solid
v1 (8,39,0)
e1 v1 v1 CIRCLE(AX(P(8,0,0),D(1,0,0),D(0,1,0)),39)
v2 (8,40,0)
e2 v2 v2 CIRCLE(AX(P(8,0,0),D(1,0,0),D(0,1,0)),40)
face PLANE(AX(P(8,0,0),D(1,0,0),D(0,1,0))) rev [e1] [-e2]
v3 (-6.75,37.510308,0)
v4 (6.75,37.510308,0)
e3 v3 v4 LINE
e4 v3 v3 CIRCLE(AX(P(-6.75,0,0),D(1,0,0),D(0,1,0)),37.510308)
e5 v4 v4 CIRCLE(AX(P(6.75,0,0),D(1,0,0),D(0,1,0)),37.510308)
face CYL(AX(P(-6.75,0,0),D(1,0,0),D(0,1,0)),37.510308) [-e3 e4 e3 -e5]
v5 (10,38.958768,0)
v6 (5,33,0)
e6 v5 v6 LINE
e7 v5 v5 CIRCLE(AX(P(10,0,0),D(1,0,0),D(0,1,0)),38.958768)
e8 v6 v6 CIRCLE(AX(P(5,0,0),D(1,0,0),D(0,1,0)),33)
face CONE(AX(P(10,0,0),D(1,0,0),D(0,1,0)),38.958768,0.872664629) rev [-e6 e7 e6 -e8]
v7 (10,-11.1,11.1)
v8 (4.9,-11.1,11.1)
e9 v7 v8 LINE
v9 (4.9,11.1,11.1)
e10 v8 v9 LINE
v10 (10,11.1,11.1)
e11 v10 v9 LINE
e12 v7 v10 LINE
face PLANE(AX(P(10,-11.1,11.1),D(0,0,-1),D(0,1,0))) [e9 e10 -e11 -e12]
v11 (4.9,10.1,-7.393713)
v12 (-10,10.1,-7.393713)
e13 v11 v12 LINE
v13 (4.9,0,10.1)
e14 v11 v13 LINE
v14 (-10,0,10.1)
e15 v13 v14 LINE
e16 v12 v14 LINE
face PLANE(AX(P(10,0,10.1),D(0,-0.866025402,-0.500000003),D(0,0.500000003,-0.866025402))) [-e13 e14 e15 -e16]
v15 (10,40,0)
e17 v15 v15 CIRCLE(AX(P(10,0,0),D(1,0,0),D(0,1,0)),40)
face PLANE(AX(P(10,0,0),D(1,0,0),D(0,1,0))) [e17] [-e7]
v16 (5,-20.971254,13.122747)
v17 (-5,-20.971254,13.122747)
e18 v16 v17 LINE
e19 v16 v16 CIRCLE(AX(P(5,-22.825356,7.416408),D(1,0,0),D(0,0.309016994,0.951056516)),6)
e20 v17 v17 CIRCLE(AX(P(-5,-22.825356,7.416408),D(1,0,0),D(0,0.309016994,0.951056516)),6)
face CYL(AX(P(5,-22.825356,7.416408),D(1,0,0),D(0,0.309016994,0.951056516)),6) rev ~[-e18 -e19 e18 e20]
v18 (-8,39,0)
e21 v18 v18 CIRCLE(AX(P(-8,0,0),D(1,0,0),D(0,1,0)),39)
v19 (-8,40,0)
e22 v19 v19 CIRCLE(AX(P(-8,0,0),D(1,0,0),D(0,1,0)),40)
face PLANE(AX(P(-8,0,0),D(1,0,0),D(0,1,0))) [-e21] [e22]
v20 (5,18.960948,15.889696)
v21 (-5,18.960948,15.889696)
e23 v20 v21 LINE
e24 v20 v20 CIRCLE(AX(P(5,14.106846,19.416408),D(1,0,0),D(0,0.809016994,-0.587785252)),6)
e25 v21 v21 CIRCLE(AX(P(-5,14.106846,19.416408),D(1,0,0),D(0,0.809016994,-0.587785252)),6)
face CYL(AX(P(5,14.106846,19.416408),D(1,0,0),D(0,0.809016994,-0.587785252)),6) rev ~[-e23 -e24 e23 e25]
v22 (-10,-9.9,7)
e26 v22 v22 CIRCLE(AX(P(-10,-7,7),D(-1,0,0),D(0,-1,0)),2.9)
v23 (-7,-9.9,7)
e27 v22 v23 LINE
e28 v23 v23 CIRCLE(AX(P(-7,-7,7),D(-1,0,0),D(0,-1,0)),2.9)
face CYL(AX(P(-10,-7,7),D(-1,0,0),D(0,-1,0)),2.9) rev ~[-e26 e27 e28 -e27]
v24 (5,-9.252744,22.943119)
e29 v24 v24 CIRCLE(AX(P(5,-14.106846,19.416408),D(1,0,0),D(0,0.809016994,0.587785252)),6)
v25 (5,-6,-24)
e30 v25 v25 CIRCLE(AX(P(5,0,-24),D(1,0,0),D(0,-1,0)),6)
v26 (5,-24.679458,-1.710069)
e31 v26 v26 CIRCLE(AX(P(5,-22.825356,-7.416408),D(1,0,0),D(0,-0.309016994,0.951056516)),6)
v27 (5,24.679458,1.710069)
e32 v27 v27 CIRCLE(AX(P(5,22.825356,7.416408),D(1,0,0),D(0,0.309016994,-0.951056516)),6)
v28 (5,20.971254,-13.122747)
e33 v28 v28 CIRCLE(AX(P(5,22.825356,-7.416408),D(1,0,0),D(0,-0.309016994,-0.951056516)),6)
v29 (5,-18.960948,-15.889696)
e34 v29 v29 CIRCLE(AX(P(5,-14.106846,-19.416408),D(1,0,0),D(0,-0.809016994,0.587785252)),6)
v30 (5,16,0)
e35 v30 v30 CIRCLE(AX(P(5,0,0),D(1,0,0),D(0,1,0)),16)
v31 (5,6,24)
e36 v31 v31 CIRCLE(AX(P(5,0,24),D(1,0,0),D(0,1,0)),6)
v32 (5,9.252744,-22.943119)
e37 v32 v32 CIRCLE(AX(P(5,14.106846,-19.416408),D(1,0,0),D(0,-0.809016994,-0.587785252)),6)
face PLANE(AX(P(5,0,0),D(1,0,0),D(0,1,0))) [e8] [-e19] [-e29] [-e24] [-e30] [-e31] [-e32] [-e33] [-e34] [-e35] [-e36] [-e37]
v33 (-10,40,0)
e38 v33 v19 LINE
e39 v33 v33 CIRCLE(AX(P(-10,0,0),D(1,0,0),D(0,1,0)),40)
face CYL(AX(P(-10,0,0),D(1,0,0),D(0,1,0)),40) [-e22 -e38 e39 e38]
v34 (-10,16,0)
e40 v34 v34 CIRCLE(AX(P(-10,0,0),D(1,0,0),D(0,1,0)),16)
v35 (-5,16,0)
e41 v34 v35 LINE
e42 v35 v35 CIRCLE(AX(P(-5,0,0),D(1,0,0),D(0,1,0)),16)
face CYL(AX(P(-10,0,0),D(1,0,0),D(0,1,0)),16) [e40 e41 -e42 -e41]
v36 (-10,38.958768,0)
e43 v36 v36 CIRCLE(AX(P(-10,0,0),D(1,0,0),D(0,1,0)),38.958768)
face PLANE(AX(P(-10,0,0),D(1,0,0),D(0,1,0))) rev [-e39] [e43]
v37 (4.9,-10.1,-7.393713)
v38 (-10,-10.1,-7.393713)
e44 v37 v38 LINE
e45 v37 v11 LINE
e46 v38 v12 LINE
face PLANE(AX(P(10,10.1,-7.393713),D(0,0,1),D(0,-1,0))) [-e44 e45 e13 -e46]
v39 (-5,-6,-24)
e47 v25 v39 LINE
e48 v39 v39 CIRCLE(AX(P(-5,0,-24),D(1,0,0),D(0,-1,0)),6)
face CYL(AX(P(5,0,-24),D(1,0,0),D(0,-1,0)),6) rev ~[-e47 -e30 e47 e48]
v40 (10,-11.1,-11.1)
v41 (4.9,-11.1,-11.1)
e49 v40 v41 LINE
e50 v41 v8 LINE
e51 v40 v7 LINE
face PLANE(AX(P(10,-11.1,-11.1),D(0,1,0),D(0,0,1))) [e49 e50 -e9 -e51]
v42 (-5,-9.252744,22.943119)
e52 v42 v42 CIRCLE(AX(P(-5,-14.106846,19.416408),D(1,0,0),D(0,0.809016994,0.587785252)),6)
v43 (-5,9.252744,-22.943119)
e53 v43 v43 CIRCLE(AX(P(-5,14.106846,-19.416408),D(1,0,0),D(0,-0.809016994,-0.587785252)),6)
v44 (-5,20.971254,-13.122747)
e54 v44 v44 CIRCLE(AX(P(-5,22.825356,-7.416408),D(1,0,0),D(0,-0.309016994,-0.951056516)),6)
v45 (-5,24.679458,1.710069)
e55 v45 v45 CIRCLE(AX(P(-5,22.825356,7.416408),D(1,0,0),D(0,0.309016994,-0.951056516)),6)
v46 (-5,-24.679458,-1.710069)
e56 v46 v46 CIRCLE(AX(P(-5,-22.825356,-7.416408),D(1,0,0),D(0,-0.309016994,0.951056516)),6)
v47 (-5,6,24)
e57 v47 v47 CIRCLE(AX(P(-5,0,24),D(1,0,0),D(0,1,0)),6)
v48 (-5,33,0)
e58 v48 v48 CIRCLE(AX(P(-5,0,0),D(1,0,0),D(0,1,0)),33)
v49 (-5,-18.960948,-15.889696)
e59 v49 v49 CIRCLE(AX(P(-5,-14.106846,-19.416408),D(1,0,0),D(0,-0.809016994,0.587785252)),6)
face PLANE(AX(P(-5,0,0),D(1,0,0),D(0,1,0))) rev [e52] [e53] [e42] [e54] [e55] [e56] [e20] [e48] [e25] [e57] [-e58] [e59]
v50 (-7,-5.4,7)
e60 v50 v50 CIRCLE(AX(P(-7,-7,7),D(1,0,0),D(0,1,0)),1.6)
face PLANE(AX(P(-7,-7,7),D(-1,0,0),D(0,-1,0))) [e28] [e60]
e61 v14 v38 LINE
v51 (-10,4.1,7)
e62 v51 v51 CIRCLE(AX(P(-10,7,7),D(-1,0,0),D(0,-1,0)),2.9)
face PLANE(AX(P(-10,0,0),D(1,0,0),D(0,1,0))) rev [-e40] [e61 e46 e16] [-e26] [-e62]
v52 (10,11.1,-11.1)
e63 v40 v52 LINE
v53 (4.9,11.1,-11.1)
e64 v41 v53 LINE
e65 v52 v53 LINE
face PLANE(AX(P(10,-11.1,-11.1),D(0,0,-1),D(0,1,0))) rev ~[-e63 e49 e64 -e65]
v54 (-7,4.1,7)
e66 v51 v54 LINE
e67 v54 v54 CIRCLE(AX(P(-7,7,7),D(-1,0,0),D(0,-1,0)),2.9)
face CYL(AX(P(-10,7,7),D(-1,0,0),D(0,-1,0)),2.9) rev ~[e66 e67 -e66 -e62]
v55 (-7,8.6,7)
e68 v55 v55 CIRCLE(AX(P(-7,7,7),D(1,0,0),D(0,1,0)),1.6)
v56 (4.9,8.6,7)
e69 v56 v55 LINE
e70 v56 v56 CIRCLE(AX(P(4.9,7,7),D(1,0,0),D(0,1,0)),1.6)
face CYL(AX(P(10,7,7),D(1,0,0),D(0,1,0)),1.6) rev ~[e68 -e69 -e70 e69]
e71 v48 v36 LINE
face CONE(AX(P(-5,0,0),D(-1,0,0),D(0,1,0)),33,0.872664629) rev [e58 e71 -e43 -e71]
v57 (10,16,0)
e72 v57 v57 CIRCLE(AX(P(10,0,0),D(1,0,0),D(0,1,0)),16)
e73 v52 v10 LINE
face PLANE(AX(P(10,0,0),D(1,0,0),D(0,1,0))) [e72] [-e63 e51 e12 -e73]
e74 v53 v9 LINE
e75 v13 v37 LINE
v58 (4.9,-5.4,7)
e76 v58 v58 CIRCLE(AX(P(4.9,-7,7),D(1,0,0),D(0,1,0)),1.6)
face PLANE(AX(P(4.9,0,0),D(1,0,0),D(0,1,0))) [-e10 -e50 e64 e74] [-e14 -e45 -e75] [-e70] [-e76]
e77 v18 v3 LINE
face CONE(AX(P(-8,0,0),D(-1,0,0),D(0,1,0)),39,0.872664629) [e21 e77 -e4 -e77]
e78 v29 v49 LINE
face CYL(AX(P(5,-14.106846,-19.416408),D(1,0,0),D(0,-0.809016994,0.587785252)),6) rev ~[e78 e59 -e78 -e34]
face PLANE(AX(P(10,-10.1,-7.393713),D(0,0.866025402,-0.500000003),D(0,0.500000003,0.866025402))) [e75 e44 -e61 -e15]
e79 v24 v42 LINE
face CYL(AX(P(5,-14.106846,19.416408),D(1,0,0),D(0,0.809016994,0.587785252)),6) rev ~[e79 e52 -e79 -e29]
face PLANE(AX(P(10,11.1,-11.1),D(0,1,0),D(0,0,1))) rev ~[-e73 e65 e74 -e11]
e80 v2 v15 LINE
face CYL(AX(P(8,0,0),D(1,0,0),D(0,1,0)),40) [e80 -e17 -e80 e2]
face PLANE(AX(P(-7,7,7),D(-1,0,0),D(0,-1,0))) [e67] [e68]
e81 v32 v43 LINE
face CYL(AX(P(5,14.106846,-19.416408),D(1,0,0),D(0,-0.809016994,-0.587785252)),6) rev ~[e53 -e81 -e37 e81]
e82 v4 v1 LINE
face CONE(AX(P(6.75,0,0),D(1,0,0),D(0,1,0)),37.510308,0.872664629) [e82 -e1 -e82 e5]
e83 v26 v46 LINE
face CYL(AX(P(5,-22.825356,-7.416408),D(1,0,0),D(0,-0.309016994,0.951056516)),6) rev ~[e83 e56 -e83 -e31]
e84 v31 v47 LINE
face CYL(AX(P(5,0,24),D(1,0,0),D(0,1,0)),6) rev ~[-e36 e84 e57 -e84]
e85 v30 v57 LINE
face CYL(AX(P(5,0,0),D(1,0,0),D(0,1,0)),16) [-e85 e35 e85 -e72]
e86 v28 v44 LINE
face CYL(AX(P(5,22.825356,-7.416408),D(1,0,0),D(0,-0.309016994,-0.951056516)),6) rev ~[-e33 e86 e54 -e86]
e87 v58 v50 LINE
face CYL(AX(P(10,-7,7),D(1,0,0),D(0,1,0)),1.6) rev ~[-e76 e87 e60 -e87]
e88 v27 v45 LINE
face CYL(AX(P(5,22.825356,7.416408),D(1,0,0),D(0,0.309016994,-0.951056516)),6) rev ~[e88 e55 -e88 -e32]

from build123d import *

# Parameters (mm, degrees)
SKETCH001_R        = 1.6
POCKET_DEPTH       = 20.001
SKETCH003_W        = 22.2
SKETCH003_H        = 22.2
POCKET001_DEPTH    = 5.1
SKETCH004_R        = 2.9
POCKET002_DEPTH    = 3
SKETCH005_R        = 6
POCKET003_DEPTH    = 244.783506
POLARPATTERN_COUNT = 10


with BuildPart() as part:
    # Sketch → Revolution (revolve)
    with BuildSketch(Plane.XY):
        Polygon((8, 39), (8, 40), (10, 40), (10, 38.958768), (5, 33), (5, 16), (10, 16), (10, 1), (-10, 1), (-10, 16), (-5, 16), (-5, 33), (-10, 38.958768), (-10, 40), (-8, 40), (-8, 39), (-6.75, 37.510308), (6.75, 37.510308), align=None)
    revolve(axis=Axis((0, 0, 0), (1, 0, 0)))

    # Sketch001 (on Face7 of Revolution) → Pocket (cut, through all)
    with BuildSketch(Plane.YZ.offset(10)):
        with Locations((-7, 7)):
            Circle(SKETCH001_R)
        with Locations((7, 7)):
            Circle(SKETCH001_R)
        Polygon((-10.1, -7.393713), (0, 10.1), (10.1, -7.393713), align=None)
    extrude(amount=-POCKET_DEPTH, mode=Mode.SUBTRACT)

    # Sketch003 (on Face13 of Pocket) → Pocket001 (cut)
    with BuildSketch(Plane.YZ.offset(10)):
        Rectangle(SKETCH003_W, SKETCH003_H)
    extrude(amount=-POCKET001_DEPTH, mode=Mode.SUBTRACT)

    # Sketch004 (on Face27 of Pocket001) → Pocket002 (cut)
    with BuildSketch(Plane(origin=(-10, 0, 0), x_dir=(0, -1, 0), z_dir=(-1, 0, 0))):
        with Locations((-7, 7)):
            Circle(SKETCH004_R)
        with Locations((7, 7)):
            Circle(SKETCH004_R)
    extrude(amount=-POCKET002_DEPTH, mode=Mode.SUBTRACT)

    # Sketch005 (on Face9 of Pocket002) → Pocket003 (cut, through all)
    with BuildSketch(Plane.YZ.offset(5)):
        with Locations((0, 24)):
            Circle(SKETCH005_R)
    pocket003 = extrude(amount=-POCKET003_DEPTH, mode=Mode.SUBTRACT)

    # PolarPattern: Pocket003 ×10 about axis
    polarpattern_axis = Axis((5, 0, 0), (1, 0, 0))
    for i in range(1, POLARPATTERN_COUNT):
        add(pocket003.rotate(polarpattern_axis, i * 360 / POLARPATTERN_COUNT), mode=Mode.SUBTRACT)


solid = part.part
